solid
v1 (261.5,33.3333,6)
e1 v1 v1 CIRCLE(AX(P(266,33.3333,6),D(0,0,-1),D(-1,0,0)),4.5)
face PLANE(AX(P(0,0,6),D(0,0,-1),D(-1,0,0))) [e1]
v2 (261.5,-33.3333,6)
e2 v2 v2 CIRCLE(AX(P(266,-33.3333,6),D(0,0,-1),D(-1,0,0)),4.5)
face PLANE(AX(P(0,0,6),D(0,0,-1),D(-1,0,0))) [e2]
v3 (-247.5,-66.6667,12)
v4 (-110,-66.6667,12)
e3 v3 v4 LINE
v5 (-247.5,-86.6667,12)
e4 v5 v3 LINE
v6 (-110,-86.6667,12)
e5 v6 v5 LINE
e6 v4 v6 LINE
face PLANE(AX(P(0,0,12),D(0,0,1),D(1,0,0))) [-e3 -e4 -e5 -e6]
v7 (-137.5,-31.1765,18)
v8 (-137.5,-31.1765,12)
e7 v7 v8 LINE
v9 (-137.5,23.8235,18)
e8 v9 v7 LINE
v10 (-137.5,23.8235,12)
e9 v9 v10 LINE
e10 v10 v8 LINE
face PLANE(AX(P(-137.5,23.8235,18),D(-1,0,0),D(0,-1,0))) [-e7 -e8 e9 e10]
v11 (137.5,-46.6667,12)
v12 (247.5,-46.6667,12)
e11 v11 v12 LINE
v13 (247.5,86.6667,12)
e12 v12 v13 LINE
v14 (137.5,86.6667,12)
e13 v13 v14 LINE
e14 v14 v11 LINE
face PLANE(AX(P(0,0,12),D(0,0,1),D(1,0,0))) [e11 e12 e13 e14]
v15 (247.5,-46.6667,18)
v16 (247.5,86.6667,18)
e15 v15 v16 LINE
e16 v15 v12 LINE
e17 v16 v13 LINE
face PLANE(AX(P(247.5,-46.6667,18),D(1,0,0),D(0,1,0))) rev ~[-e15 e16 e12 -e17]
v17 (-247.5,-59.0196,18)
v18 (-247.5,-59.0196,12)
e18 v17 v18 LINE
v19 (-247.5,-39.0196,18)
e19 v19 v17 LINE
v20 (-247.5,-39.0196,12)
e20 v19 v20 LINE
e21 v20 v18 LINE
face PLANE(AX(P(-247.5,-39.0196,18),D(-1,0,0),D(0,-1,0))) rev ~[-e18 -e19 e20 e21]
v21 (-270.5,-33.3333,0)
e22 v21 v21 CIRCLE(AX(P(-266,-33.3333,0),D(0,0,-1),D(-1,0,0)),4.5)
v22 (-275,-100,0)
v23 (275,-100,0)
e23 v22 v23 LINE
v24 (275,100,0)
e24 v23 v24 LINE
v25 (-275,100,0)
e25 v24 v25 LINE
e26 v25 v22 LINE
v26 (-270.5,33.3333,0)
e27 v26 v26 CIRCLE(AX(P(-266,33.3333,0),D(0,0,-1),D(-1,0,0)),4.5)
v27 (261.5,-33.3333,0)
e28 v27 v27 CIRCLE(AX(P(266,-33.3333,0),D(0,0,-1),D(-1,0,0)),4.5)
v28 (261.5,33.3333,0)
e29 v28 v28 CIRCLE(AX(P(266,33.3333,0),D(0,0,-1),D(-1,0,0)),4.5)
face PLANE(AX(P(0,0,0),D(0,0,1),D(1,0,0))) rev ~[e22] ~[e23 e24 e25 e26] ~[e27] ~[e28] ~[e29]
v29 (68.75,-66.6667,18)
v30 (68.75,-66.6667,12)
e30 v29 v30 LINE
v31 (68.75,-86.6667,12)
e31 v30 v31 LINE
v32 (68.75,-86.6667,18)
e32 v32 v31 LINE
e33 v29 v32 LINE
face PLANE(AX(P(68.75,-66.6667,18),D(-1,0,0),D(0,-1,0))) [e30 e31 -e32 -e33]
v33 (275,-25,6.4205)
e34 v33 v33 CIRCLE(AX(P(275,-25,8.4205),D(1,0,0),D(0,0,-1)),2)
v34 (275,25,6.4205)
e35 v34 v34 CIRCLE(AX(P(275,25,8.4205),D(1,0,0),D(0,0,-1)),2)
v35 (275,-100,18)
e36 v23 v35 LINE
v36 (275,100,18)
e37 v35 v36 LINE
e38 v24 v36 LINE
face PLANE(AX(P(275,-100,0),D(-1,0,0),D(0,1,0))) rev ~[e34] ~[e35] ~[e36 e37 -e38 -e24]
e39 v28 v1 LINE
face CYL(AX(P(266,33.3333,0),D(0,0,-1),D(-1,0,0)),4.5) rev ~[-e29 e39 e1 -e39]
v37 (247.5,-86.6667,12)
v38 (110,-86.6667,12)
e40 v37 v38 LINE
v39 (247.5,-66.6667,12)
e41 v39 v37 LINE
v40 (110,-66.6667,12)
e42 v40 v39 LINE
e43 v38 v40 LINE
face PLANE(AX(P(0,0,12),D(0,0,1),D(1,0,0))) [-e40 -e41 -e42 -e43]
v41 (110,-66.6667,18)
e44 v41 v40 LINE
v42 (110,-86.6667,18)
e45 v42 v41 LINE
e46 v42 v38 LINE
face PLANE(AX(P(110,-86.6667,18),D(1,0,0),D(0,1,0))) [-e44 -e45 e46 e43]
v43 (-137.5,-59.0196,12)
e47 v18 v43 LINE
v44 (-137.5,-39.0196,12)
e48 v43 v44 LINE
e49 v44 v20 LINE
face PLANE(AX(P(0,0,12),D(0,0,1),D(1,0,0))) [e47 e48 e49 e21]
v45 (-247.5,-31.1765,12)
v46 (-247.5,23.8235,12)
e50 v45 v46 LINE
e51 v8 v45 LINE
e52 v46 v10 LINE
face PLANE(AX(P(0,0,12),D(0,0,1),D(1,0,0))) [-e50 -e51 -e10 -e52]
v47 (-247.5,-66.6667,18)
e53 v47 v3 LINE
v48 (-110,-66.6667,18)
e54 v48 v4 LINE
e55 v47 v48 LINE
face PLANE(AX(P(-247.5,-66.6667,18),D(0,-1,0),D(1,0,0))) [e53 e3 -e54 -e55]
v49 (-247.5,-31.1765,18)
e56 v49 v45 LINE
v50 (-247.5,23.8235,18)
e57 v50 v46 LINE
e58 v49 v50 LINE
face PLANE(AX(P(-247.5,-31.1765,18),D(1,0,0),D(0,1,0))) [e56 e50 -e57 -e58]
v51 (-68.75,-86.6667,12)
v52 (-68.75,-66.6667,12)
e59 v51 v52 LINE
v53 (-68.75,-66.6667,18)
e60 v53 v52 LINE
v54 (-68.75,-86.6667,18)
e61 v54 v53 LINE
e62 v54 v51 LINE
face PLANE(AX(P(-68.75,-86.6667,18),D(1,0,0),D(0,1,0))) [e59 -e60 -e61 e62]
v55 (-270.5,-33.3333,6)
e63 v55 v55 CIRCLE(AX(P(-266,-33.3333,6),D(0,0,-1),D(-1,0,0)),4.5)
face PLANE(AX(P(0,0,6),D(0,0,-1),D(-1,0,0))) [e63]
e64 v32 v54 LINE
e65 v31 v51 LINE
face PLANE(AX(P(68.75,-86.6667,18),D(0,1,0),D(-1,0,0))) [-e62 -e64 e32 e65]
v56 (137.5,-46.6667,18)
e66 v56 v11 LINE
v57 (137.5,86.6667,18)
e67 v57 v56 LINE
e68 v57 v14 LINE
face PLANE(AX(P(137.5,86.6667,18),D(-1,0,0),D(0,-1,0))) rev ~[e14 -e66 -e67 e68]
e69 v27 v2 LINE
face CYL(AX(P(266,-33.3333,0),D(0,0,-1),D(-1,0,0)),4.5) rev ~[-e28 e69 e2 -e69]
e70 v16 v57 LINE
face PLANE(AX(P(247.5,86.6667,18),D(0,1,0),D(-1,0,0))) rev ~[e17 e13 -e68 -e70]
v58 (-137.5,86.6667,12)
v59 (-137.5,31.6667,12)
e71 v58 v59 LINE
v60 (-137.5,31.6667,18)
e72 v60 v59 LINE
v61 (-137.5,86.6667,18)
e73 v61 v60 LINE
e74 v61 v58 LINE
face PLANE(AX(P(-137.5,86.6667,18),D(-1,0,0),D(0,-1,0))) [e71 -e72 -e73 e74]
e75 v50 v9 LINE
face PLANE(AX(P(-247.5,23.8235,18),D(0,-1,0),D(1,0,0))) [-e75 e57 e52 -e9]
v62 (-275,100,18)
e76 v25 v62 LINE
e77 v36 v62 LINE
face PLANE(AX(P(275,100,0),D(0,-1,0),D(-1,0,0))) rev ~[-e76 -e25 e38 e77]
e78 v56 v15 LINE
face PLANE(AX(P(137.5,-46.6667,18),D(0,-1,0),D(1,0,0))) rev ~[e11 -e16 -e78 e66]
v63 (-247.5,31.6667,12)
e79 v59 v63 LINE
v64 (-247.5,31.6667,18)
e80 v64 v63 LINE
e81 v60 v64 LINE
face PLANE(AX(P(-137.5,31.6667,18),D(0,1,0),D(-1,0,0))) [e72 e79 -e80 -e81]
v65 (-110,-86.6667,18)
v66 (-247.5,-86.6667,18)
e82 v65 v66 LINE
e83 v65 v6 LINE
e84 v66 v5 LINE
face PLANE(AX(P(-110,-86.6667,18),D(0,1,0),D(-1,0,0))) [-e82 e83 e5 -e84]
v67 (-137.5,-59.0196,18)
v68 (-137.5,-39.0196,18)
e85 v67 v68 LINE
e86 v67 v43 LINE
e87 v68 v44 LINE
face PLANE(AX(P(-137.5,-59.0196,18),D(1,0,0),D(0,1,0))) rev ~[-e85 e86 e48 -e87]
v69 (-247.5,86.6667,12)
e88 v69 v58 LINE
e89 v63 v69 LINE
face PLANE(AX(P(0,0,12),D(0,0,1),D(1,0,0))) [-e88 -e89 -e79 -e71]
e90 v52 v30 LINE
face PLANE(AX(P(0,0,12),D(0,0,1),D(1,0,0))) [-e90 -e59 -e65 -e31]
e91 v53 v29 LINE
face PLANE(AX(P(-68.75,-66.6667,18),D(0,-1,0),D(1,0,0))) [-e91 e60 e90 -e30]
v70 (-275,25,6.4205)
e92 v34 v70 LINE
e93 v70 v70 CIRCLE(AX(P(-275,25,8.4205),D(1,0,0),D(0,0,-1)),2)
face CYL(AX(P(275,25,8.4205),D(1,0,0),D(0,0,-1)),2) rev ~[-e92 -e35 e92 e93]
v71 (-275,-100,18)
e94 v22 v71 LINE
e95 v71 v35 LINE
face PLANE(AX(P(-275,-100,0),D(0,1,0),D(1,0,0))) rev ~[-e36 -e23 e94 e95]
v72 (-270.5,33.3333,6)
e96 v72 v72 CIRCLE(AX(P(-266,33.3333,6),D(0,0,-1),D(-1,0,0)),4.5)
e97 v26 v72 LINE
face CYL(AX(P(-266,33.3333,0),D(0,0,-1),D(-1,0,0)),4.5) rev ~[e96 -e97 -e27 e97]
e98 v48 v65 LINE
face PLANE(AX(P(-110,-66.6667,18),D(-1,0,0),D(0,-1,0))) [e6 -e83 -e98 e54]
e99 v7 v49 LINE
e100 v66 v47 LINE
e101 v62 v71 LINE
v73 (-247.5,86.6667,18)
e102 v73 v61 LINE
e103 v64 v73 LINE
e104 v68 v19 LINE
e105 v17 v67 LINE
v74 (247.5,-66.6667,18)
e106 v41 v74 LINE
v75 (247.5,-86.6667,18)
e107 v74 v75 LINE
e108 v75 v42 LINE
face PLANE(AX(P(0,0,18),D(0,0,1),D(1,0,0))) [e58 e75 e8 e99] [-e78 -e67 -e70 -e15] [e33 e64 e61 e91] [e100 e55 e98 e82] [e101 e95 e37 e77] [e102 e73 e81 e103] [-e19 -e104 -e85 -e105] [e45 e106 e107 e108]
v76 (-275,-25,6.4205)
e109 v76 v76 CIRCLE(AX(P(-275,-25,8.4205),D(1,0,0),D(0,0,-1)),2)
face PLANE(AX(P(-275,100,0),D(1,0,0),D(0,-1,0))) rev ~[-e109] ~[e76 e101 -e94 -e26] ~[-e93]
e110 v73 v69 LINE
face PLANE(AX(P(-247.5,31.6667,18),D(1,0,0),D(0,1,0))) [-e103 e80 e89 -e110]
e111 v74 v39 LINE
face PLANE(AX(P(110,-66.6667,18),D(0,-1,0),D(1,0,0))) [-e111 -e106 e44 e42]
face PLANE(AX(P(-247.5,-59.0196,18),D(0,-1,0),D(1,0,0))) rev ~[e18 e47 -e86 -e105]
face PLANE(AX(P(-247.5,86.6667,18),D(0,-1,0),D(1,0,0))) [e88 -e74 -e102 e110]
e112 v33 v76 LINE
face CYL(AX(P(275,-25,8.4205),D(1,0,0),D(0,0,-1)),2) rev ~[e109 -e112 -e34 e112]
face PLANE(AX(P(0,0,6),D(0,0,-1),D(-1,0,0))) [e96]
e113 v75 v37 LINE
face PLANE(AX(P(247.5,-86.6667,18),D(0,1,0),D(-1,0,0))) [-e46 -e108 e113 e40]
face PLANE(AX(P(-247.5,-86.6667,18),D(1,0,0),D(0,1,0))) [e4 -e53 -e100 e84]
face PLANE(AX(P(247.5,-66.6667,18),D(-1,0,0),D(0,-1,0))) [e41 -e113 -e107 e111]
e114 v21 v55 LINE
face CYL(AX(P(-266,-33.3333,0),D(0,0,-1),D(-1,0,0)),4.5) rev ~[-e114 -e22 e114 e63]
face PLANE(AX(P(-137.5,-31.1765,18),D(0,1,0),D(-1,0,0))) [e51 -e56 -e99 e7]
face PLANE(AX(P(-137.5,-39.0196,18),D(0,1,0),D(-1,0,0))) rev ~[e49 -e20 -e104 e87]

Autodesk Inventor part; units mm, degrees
ref_plane "YZ Plane" through (0, 0, 0) normal (1, 0, 0) x (0, 1, 0)
ref_plane "XZ Plane" through (0, 0, 0) normal (0, 1, 0) x (-1, 0, 0)
ref_plane "XY Plane" through (0, 0, 0) normal (0, 0, 1) x (1, 0, 0)
sketch "Boceto1" plane through (0, 0, 0) normal (0, 0, 1) x (1, 0, 0)
  line L0 (-275, -100) -> (275, -100)
  line L1 (275, -100) -> (275, 100)
  line L2 (275, 100) -> (-275, 100)
  line L3 (-275, 100) -> (-275, -100)
  line L4 (-275, -100) -> (275, 100) construction
  line L5 (275, -100) -> (-275, 100) construction
  point P0 (0, 0)
  dimension "ancho" = 550
  dimension "alto" = 200
extrude "Extrusión1" add sketch "Boceto1" along normal blind 18
sketch "Boceto2" plane through (0, 0, 18) normal (0, 0, 1) x (1, 0, 0)
  line L0 (247.5, -86.6667) -> (110, -86.6667)
  line L1 (110, -86.6667) -> (110, -66.6667)
  line L2 (110, -66.6667) -> (247.5, -66.6667)
  line L3 (247.5, -66.6667) -> (247.5, -86.6667)
  line L4 (275, -100) -> (275, 100) projected
  line L5 (-110, -86.6667) -> (-247.5, -86.6667)
  line L6 (-247.5, -86.6667) -> (-247.5, -66.6667)
  line L7 (-247.5, -66.6667) -> (-110, -66.6667)
  line L8 (-110, -66.6667) -> (-110, -86.6667)
  line L9 (-275, 100) -> (-275, -100) projected
  line L10 (-275, -100) -> (275, -100) projected
  line L11 (68.75, -86.6667) -> (-68.75, -86.6667)
  line L12 (-68.75, -86.6667) -> (-68.75, -66.6667)
  line L13 (-68.75, -66.6667) -> (68.75, -66.6667)
  line L14 (68.75, -66.6667) -> (68.75, -86.6667)
  line L15 (275, 100) -> (-275, 100) projected
  line L16 (247.5, 86.6667) -> (137.5, 86.6667)
  line L17 (137.5, 86.6667) -> (137.5, -46.6667)
  line L18 (137.5, -46.6667) -> (247.5, -46.6667)
  line L19 (247.5, -46.6667) -> (247.5, 86.6667)
  line L20 (-247.5, 86.6667) -> (-137.5, 86.6667)
  line L21 (-137.5, 86.6667) -> (-137.5, 31.6667)
  line L22 (-137.5, 31.6667) -> (-247.5, 31.6667)
  line L23 (-247.5, 31.6667) -> (-247.5, 86.6667)
  line L24 (-247.5, 23.8235) -> (-137.5, 23.8235)
  line L25 (-137.5, 23.8235) -> (-137.5, -31.1765)
  line L26 (-137.5, -31.1765) -> (-247.5, -31.1765)
  line L27 (-247.5, -31.1765) -> (-247.5, 23.8235)
  line L28 (-247.5, -59.0196) -> (-137.5, -59.0196)
  line L29 (-137.5, -59.0196) -> (-137.5, -39.0196)
  line L30 (-137.5, -39.0196) -> (-247.5, -39.0196)
  line L31 (-247.5, -39.0196) -> (-247.5, -59.0196)
  point P0 (0, 0)
  dimension "d4" = 137.5
  dimension "d5" = 20
  dimension "d6" = 27.5
  dimension "d7" = 137.5
  dimension "d8" = 20
  dimension "d9" = 27.5
  dimension "d10" = 13.3333
  dimension "d11" = 13.3333
  dimension "d12" = 137.5
  dimension "d13" = 41.25
  dimension "d14" = 41.25
  dimension "d15" = 20
  dimension "d17" = 110
  dimension "d18" = 133.3333
  dimension "d19" = 27.5
  dimension "d20" = 13.3333
  dimension "d21" = 110
  dimension "d22" = 55
  dimension "d23" = 27.5
  dimension "d24" = 13.3333
  dimension "d25" = 110
  dimension "d26" = 55
  dimension "d27" = 27.5
  dimension "d28" = 7.8431
  dimension "d29" = 110
  dimension "d30" = 20
  dimension "d31" = 7.8431
  dimension "d32" = 7.6471
extrude "Extrusión2" cut sketch "Boceto2" against normal blind 6 contours L0 L1 L2 L3 | L5 L6 L7 L8 | L11 L12 L13 L14 | L19 L18 L17 L16 | L20 L21 L22 L23 | L24 L25 L26 L27 | L31 L30 L29 L28
sketch "Boceto3" plane through (0, 0, 0) normal (0, 0, -1) x (-1, 0, 0)
  circle A0 centre (266, -33.3333) radius 4.5
  circle A1 centre (266, 33.3333) radius 4.5
  circle A2 centre (-266, 33.3333) radius 4.5
  circle A3 centre (-266, -33.3333) radius 4.5
  line L0 (275, 100) -> (275, -100) projected
  line L1 (275, -100) -> (-275, -100) projected
  line L2 (-275, 100) -> (275, 100) projected
  line L3 (-275, -100) -> (-275, 100) projected
  point P0 (0, 0)
  dimension "d35" = 9
  dimension "d36" = 9
  dimension "d37" = 9
  dimension "d38" = 9
  dimension "d39" = 9
  dimension "d40" = 66.6667
  dimension "d41" = 9
  dimension "d42" = 66.6667
  dimension "d43" = 9
  dimension "d44" = 66.6667
  dimension "d45" = 9
  dimension "d46" = 66.6667
extrude "Extrusión3" cut sketch "Boceto3" against normal blind 6 contours A0 | A1 | A2 | A3
sketch "Boceto4" plane through (275, -100, 0) normal (1, 0, 0) x (0, 0, -1)
  circle A0 centre (-8.4205, 125) radius 2
  circle A1 centre (-8.4205, 75) radius 2
  line L0 (0, 0) -> (-18, 0) projected
  point P0 (0, 100)
  point P1 (-9, 0)
  dimension "d49" = 4
  dimension "d50" = 4
  dimension "d51" = 50
  dimension "d52" = 75
extrude "Extrusión4" cut sketch "Boceto4" against normal blind 600
equation "\"d4\" = 0.25 * ancho"
equation "\"d5\" = 0.1 * alto"
equation "\"d6\" = 0.05 * ancho"
equation "\"d7\" = d4"
equation "\"d8\" = d5"
equation "\"d9\" = d6"
equation "\"d10\" = 0.0666667 * alto"
equation "\"d11\" = 0.0666667 * alto"
equation "\"d12\" = d4"
equation "\"d13\" = d14"
equation "\"d15\" = d5"
equation "\"d17\" = 0.2 * ancho"
equation "\"d18\" = 0.666667 * alto"
equation "\"d19\" = d6"
equation "\"d20\" = d10"
equation "\"d21\" = 0.2 * ancho"
equation "\"d22\" = 0.1 * ancho"
equation "\"d23\" = d9"
equation "\"d24\" = d11"
equation "\"d25\" = d21"
equation "\"d26\" = d22"
equation "\"d27\" = d23"
equation "\"d28\" = 0.0392157 * alto"
equation "\"d29\" = d21"
equation "\"d30\" = d5"
equation "\"d31\" = d28"
equation "\"d33\" = 0.333333 * grosor"
equation "\"d35\" = 0.5 * grosor"
equation "\"d36\" = d35"
equation "\"d37\" = d35"
equation "\"d38\" = d35"
equation "\"d39\" = 0.5 * grosor"
equation "\"d40\" = 0.333333 * alto"
equation "\"d41\" = d39"
equation "\"d42\" = d40"
equation "\"d43\" = d39"
equation "\"d44\" = d40"
equation "\"d45\" = d39"
equation "\"d46\" = d40"
equation "\"d47\" = 0.333333 * grosor"
equation "\"grosor\" = 18"
properties part number "APM_003-2"
